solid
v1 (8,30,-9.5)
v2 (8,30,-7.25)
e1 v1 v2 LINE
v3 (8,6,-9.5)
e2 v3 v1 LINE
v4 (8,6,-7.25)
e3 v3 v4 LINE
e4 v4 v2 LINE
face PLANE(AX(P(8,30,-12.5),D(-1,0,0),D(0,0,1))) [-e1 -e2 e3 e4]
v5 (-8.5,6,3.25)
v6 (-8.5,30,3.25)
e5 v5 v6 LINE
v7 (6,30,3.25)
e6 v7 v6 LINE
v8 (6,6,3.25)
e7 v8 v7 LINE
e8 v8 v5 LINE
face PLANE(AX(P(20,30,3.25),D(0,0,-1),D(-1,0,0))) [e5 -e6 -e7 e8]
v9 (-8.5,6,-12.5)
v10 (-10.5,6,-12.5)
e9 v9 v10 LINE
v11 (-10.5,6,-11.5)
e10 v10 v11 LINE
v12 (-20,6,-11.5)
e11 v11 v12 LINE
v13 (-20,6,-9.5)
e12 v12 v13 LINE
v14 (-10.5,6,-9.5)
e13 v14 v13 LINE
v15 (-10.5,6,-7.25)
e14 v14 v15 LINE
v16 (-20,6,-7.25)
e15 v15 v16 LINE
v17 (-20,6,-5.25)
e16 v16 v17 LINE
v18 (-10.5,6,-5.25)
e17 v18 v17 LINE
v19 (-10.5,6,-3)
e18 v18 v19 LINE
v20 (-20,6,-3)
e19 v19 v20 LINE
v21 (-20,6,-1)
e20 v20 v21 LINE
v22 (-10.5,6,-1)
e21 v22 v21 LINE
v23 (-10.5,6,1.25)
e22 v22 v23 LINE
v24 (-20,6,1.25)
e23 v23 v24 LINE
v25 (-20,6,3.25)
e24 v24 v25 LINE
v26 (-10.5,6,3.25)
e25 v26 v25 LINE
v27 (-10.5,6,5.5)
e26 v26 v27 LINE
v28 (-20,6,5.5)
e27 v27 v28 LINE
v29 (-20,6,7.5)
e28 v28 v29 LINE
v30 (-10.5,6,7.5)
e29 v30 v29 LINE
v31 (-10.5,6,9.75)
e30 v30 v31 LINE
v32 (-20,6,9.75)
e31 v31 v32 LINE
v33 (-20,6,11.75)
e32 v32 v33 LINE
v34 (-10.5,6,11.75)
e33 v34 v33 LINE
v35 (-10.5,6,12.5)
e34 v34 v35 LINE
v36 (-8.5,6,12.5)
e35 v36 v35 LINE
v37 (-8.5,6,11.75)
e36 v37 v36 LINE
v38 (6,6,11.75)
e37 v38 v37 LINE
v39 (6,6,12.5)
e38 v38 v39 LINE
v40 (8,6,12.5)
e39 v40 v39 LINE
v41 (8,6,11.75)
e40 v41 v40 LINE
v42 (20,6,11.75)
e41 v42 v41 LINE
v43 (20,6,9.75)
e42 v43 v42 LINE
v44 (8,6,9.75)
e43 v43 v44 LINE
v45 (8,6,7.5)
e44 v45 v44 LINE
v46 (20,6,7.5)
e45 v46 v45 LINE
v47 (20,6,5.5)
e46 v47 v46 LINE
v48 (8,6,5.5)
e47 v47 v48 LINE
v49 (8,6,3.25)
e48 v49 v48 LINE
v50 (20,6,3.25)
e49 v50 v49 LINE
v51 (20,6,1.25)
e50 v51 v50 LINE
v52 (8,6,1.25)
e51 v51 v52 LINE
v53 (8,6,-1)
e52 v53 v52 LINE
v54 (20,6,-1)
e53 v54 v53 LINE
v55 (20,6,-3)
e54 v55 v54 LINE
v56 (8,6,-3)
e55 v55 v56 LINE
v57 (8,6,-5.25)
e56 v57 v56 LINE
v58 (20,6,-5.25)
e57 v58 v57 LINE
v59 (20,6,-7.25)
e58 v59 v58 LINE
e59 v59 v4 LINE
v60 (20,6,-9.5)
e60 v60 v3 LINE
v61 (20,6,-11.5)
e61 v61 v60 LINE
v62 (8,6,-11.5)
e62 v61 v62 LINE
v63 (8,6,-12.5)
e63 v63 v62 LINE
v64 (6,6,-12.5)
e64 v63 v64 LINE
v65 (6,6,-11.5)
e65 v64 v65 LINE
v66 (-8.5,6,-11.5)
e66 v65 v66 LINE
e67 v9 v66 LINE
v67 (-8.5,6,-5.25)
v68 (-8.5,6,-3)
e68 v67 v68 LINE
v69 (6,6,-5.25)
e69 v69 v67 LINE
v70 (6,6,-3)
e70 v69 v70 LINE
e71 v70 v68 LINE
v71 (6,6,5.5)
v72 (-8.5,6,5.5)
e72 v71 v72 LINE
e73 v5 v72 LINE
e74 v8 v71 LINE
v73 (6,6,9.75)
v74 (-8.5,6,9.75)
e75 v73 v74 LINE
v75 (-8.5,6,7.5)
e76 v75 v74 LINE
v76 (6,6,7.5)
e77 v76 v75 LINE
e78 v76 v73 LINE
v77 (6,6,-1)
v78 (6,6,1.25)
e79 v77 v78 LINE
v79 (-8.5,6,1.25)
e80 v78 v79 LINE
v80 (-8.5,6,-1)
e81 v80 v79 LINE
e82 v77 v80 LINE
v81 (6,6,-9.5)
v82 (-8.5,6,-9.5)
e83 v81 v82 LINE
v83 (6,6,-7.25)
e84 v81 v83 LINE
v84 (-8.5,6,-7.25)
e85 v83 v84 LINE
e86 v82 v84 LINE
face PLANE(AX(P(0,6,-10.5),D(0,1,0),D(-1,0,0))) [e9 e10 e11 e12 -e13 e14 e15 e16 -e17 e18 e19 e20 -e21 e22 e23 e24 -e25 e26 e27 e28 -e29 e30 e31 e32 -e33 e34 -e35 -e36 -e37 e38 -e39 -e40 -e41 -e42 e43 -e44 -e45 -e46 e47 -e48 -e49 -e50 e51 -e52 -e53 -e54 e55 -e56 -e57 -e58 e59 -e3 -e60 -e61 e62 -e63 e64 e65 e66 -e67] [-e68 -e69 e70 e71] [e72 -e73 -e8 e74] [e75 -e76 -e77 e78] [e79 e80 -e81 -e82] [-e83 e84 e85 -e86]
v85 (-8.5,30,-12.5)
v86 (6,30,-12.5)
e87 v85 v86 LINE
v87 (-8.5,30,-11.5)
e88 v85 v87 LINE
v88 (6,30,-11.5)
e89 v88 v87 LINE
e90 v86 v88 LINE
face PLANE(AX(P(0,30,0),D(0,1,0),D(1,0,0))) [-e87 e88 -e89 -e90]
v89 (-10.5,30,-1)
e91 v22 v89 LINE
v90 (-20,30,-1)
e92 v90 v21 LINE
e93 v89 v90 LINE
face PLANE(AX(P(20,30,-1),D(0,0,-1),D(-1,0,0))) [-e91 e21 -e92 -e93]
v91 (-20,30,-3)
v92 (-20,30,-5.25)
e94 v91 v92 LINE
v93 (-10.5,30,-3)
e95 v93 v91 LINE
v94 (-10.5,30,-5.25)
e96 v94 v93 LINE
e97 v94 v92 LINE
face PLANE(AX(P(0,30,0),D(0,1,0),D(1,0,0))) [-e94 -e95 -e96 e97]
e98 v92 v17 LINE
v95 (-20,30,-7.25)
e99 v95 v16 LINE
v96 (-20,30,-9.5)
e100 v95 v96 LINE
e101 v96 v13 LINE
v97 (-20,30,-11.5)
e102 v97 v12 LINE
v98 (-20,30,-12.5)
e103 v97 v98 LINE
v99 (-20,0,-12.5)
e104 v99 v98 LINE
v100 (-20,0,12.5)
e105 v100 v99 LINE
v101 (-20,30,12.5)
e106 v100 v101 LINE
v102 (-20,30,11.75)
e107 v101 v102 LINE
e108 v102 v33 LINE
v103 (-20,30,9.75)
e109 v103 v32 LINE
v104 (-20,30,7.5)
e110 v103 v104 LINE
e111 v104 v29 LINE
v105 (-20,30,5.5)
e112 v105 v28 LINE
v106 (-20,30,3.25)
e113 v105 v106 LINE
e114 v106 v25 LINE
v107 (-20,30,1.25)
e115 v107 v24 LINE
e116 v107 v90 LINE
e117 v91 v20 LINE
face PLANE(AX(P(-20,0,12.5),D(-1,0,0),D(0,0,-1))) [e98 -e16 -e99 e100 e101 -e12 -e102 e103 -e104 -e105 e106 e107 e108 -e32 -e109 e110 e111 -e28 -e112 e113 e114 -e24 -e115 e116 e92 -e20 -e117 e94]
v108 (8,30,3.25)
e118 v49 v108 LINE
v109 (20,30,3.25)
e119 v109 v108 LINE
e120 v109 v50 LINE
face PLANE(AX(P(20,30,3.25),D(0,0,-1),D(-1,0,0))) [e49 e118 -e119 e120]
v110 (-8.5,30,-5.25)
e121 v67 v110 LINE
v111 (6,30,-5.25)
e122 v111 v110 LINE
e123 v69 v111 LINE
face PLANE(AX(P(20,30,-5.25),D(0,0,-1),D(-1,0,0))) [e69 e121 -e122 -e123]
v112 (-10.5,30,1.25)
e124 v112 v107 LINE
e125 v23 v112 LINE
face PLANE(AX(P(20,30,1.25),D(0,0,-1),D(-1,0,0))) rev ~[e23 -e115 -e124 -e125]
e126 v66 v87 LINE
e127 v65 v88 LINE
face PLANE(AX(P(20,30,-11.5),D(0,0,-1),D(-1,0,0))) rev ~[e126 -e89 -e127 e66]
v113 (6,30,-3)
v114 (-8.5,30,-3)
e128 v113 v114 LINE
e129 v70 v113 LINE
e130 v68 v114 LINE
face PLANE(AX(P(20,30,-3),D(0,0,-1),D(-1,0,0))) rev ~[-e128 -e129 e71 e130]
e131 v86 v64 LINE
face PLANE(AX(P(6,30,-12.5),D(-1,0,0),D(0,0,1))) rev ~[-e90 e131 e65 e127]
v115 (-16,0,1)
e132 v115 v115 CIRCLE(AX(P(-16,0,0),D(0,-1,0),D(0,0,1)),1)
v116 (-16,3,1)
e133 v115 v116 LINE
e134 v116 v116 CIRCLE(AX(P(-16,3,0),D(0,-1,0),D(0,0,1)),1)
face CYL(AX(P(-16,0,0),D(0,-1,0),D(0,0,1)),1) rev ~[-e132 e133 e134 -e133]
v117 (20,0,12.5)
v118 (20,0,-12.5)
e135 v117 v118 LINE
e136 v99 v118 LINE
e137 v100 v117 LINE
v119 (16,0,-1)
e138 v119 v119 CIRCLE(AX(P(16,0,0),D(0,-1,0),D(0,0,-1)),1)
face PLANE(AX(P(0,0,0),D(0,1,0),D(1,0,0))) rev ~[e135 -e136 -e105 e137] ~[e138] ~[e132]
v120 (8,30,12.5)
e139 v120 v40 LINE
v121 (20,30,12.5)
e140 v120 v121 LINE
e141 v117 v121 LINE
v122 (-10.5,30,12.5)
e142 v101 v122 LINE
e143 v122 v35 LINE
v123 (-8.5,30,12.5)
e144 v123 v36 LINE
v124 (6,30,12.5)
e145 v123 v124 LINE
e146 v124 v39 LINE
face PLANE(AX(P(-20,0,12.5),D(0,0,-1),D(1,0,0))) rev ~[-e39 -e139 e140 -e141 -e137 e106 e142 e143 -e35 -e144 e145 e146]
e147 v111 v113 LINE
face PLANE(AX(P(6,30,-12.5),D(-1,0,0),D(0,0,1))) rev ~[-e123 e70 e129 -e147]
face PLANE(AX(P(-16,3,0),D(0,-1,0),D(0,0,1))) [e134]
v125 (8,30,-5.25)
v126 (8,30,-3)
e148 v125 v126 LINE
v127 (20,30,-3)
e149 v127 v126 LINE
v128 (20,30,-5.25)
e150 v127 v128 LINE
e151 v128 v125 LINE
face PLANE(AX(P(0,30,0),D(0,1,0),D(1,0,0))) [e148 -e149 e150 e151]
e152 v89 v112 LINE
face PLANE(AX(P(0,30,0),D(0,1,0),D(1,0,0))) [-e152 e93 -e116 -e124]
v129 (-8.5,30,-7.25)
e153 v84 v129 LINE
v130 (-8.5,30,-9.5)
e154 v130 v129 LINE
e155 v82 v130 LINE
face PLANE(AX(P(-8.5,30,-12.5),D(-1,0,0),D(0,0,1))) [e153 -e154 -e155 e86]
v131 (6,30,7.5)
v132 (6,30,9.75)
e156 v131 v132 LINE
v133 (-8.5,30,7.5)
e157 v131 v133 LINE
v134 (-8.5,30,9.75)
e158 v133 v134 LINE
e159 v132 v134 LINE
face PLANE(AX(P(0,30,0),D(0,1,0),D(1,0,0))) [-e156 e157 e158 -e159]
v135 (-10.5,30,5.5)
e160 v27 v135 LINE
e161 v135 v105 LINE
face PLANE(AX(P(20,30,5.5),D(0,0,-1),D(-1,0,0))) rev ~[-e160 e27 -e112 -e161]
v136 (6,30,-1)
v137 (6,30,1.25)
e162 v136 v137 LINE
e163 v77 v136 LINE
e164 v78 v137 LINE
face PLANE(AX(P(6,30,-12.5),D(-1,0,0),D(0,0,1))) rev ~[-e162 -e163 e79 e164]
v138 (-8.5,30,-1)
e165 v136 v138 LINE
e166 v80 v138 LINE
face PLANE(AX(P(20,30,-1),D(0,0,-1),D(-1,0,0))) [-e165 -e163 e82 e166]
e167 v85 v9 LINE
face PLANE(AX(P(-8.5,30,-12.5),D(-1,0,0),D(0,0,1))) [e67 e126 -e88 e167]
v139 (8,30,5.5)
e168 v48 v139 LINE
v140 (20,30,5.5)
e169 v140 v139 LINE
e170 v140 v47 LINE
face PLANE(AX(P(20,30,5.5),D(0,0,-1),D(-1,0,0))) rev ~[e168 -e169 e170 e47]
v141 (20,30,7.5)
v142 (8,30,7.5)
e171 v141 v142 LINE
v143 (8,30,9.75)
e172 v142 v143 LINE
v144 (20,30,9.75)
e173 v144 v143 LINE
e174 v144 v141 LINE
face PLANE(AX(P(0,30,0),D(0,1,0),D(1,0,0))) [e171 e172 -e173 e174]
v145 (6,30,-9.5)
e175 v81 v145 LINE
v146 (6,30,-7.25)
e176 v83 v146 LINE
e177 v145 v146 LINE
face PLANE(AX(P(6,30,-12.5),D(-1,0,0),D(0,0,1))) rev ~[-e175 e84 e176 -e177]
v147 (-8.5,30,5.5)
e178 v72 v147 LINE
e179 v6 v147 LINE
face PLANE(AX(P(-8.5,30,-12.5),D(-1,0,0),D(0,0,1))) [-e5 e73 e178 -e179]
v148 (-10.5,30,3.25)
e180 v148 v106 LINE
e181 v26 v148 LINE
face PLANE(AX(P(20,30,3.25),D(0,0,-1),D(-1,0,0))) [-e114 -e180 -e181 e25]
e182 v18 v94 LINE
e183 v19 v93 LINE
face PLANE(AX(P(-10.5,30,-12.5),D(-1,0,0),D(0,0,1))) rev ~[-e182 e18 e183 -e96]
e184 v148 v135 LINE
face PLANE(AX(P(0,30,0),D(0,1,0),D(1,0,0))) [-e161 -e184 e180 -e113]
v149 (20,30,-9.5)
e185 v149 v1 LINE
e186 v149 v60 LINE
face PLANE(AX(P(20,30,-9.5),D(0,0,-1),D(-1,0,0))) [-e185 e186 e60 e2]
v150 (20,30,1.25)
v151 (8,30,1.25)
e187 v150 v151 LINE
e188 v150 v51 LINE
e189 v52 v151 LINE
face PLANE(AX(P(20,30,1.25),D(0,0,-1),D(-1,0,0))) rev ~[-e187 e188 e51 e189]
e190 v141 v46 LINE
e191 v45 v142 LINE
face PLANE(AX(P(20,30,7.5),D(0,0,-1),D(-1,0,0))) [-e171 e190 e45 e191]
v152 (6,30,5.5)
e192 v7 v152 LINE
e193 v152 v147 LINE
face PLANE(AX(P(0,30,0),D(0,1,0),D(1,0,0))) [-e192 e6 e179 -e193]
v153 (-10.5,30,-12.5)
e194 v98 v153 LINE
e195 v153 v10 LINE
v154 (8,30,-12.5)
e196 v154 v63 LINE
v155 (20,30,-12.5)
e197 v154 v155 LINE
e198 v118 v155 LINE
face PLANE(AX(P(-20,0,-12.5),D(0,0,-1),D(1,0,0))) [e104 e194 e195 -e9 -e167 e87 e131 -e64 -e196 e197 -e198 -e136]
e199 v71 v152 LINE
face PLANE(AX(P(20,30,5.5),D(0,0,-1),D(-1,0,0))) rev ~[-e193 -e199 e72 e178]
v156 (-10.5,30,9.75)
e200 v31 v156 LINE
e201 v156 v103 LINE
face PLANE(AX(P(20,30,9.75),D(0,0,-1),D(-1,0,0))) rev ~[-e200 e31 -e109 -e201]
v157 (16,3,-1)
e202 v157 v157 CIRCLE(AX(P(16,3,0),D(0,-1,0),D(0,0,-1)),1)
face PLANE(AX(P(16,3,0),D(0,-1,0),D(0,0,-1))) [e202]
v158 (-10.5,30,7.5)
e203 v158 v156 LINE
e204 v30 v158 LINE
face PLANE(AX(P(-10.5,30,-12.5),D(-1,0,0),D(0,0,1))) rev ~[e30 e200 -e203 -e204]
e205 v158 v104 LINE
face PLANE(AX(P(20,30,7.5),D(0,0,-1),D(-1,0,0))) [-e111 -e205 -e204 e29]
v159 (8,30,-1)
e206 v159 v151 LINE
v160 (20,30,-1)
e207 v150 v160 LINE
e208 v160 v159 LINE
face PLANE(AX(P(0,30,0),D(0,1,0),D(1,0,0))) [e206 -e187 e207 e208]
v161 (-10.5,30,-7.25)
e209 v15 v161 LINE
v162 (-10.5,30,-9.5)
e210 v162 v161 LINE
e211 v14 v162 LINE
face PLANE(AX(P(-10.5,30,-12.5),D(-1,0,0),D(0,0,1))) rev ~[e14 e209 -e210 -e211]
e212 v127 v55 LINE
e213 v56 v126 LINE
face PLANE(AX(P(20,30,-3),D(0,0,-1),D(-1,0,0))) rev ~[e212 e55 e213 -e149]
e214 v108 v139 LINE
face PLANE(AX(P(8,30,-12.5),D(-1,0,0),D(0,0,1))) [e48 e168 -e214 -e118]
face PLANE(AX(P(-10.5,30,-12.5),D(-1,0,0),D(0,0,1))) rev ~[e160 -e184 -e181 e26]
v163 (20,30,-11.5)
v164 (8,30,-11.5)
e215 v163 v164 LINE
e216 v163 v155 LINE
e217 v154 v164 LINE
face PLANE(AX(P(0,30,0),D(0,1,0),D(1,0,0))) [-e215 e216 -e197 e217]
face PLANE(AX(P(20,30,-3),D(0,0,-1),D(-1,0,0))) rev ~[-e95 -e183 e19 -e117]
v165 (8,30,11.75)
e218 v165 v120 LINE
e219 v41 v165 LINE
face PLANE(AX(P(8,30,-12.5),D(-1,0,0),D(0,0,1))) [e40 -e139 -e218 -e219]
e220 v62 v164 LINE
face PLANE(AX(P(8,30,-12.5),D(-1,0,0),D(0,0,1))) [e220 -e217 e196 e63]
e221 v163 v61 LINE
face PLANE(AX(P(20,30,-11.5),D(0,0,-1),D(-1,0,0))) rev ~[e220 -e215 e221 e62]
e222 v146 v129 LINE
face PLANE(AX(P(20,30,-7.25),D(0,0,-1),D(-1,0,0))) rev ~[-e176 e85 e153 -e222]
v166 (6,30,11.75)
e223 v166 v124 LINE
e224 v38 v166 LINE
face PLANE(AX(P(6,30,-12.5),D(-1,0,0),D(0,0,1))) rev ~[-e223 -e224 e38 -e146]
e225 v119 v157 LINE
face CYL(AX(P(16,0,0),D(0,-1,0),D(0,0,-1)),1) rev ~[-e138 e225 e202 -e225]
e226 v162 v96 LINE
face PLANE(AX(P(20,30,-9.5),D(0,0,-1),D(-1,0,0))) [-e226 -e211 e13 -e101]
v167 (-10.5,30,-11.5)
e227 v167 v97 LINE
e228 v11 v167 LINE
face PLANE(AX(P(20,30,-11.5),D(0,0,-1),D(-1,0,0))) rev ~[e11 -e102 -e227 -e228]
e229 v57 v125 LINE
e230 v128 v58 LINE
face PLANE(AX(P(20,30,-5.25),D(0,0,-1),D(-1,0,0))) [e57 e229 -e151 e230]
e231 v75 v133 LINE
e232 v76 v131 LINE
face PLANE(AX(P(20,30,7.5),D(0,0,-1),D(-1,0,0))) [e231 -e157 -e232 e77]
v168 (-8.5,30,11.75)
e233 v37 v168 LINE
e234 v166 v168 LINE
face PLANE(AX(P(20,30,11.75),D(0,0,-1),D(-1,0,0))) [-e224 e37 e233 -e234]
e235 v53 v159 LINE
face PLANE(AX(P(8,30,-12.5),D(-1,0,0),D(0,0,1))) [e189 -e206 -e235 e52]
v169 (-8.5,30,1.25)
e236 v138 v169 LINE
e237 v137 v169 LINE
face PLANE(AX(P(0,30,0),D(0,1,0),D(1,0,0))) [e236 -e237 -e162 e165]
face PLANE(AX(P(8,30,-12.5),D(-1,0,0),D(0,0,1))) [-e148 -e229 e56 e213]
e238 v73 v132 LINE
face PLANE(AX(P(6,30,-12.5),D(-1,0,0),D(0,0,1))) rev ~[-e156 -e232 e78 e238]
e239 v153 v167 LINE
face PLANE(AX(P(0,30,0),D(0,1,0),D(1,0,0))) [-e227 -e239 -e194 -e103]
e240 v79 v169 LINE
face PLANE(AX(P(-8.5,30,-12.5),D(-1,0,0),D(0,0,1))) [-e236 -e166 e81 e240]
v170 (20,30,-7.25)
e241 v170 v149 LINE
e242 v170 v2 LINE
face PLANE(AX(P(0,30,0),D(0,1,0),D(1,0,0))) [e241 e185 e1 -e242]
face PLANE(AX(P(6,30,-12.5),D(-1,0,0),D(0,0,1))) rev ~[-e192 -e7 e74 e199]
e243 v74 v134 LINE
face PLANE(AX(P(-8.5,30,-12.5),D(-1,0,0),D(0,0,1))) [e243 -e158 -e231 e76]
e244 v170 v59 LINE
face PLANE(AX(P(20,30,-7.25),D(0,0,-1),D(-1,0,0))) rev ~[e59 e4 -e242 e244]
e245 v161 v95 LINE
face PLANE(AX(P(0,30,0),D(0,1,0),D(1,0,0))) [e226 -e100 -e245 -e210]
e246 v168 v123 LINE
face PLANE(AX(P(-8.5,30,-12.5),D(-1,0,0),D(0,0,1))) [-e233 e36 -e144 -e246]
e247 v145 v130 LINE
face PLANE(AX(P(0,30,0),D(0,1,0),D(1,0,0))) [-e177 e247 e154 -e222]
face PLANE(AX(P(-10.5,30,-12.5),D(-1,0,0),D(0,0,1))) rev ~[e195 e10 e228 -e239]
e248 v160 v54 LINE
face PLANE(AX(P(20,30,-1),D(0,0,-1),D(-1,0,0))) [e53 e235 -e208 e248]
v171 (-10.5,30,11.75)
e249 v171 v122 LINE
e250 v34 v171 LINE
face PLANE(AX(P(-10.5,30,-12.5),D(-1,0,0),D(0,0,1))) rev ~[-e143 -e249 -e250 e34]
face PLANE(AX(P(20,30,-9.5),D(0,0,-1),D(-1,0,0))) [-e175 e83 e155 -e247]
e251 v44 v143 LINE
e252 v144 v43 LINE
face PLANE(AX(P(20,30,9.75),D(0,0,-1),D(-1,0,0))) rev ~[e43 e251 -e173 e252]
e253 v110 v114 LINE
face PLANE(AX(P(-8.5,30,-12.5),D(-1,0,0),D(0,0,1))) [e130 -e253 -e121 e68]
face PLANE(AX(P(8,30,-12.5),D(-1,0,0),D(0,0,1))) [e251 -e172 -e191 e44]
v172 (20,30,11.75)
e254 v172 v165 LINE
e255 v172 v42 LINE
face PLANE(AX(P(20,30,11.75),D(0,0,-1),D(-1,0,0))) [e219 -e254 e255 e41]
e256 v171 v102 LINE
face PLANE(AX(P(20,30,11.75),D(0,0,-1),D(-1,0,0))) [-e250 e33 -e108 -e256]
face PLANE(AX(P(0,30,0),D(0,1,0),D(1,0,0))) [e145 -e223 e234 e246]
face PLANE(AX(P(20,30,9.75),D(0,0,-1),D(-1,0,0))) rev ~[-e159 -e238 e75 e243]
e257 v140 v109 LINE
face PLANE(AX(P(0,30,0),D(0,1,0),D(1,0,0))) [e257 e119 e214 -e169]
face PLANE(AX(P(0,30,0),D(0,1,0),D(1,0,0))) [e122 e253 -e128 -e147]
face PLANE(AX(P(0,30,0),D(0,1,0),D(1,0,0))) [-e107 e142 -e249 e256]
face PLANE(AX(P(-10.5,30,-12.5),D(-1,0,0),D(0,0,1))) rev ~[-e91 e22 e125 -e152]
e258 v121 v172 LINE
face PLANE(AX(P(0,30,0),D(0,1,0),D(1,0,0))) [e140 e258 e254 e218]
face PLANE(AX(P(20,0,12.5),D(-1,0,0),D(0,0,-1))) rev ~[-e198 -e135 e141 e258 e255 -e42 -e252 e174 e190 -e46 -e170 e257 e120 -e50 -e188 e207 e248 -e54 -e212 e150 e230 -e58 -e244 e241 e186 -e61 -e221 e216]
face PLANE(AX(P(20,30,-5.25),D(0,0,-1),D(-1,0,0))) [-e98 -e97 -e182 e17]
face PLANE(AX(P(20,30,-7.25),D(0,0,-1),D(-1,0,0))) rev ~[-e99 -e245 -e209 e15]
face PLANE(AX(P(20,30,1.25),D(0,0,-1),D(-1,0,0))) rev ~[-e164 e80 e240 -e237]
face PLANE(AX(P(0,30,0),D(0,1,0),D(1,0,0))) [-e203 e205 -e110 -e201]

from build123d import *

# Parameters (mm, degrees)
SKETCH_1_W          = 40
SKETCH_1_H          = 25
EXTRUDE_1_DEPTH     = 30
SKETCH_2_W          = 40
SKETCH_2_H          = 2
CUT_EXTRUDE_1_DEPTH = 24
SKETCH_3_W          = 2
SKETCH_3_H          = 25
CUT_EXTRUDE_2_DEPTH = 24
SKETCH_4_R          = 1
CUT_EXTRUDE_3_DEPTH = 3


with BuildPart() as part:
    # 草图1 → 拉伸1 (new body)
    with BuildSketch(Plane(origin=(0, 0, 0), x_dir=(1, 0, 0), z_dir=(0, 1, 0))):
        Rectangle(SKETCH_1_W, SKETCH_1_H)
    extrude(amount=EXTRUDE_1_DEPTH)

    # 草图2 → 切除-拉伸1 (cut)
    with BuildSketch(Plane(origin=(0, 30, 0), x_dir=(-1, 0, 0), z_dir=(0, 1, 0))):
        with Locations((0, -10.5)):
            Rectangle(SKETCH_2_W, SKETCH_2_H)
        with Locations((0, -6.25)):
            Rectangle(SKETCH_2_W, SKETCH_2_H)
        with Locations((0, -2)):
            Rectangle(SKETCH_2_W, SKETCH_2_H)
        with Locations((0, 2.25)):
            Rectangle(SKETCH_2_W, SKETCH_2_H)
        with Locations((0, 6.5)):
            Rectangle(SKETCH_2_W, SKETCH_2_H)
        with Locations((0, 10.75)):
            Rectangle(SKETCH_2_W, SKETCH_2_H)
    extrude(amount=-CUT_EXTRUDE_1_DEPTH, mode=Mode.SUBTRACT)

    # 草图3 → 切除-拉伸2 (cut)
    with BuildSketch(Plane(origin=(0, 30, 0), x_dir=(-1, 0, 0), z_dir=(0, 1, 0))):
        with Locations((-7, 0)):
            Rectangle(SKETCH_3_W, SKETCH_3_H)
        with Locations((9.5, 0)):
            Rectangle(SKETCH_3_W, SKETCH_3_H)
    extrude(amount=-CUT_EXTRUDE_2_DEPTH, mode=Mode.SUBTRACT)

    # 草图4 → 切除-拉伸3 (cut)
    with BuildSketch(Plane.XZ):
        with Locations(Location((16, 0, 0), (0, 0, 270))):
            Circle(SKETCH_4_R)
        with Locations(Location((-16, 0, 0), (0, 0, 90))):
            Circle(SKETCH_4_R)
    extrude(amount=-CUT_EXTRUDE_3_DEPTH, mode=Mode.SUBTRACT)


solid = part.part
